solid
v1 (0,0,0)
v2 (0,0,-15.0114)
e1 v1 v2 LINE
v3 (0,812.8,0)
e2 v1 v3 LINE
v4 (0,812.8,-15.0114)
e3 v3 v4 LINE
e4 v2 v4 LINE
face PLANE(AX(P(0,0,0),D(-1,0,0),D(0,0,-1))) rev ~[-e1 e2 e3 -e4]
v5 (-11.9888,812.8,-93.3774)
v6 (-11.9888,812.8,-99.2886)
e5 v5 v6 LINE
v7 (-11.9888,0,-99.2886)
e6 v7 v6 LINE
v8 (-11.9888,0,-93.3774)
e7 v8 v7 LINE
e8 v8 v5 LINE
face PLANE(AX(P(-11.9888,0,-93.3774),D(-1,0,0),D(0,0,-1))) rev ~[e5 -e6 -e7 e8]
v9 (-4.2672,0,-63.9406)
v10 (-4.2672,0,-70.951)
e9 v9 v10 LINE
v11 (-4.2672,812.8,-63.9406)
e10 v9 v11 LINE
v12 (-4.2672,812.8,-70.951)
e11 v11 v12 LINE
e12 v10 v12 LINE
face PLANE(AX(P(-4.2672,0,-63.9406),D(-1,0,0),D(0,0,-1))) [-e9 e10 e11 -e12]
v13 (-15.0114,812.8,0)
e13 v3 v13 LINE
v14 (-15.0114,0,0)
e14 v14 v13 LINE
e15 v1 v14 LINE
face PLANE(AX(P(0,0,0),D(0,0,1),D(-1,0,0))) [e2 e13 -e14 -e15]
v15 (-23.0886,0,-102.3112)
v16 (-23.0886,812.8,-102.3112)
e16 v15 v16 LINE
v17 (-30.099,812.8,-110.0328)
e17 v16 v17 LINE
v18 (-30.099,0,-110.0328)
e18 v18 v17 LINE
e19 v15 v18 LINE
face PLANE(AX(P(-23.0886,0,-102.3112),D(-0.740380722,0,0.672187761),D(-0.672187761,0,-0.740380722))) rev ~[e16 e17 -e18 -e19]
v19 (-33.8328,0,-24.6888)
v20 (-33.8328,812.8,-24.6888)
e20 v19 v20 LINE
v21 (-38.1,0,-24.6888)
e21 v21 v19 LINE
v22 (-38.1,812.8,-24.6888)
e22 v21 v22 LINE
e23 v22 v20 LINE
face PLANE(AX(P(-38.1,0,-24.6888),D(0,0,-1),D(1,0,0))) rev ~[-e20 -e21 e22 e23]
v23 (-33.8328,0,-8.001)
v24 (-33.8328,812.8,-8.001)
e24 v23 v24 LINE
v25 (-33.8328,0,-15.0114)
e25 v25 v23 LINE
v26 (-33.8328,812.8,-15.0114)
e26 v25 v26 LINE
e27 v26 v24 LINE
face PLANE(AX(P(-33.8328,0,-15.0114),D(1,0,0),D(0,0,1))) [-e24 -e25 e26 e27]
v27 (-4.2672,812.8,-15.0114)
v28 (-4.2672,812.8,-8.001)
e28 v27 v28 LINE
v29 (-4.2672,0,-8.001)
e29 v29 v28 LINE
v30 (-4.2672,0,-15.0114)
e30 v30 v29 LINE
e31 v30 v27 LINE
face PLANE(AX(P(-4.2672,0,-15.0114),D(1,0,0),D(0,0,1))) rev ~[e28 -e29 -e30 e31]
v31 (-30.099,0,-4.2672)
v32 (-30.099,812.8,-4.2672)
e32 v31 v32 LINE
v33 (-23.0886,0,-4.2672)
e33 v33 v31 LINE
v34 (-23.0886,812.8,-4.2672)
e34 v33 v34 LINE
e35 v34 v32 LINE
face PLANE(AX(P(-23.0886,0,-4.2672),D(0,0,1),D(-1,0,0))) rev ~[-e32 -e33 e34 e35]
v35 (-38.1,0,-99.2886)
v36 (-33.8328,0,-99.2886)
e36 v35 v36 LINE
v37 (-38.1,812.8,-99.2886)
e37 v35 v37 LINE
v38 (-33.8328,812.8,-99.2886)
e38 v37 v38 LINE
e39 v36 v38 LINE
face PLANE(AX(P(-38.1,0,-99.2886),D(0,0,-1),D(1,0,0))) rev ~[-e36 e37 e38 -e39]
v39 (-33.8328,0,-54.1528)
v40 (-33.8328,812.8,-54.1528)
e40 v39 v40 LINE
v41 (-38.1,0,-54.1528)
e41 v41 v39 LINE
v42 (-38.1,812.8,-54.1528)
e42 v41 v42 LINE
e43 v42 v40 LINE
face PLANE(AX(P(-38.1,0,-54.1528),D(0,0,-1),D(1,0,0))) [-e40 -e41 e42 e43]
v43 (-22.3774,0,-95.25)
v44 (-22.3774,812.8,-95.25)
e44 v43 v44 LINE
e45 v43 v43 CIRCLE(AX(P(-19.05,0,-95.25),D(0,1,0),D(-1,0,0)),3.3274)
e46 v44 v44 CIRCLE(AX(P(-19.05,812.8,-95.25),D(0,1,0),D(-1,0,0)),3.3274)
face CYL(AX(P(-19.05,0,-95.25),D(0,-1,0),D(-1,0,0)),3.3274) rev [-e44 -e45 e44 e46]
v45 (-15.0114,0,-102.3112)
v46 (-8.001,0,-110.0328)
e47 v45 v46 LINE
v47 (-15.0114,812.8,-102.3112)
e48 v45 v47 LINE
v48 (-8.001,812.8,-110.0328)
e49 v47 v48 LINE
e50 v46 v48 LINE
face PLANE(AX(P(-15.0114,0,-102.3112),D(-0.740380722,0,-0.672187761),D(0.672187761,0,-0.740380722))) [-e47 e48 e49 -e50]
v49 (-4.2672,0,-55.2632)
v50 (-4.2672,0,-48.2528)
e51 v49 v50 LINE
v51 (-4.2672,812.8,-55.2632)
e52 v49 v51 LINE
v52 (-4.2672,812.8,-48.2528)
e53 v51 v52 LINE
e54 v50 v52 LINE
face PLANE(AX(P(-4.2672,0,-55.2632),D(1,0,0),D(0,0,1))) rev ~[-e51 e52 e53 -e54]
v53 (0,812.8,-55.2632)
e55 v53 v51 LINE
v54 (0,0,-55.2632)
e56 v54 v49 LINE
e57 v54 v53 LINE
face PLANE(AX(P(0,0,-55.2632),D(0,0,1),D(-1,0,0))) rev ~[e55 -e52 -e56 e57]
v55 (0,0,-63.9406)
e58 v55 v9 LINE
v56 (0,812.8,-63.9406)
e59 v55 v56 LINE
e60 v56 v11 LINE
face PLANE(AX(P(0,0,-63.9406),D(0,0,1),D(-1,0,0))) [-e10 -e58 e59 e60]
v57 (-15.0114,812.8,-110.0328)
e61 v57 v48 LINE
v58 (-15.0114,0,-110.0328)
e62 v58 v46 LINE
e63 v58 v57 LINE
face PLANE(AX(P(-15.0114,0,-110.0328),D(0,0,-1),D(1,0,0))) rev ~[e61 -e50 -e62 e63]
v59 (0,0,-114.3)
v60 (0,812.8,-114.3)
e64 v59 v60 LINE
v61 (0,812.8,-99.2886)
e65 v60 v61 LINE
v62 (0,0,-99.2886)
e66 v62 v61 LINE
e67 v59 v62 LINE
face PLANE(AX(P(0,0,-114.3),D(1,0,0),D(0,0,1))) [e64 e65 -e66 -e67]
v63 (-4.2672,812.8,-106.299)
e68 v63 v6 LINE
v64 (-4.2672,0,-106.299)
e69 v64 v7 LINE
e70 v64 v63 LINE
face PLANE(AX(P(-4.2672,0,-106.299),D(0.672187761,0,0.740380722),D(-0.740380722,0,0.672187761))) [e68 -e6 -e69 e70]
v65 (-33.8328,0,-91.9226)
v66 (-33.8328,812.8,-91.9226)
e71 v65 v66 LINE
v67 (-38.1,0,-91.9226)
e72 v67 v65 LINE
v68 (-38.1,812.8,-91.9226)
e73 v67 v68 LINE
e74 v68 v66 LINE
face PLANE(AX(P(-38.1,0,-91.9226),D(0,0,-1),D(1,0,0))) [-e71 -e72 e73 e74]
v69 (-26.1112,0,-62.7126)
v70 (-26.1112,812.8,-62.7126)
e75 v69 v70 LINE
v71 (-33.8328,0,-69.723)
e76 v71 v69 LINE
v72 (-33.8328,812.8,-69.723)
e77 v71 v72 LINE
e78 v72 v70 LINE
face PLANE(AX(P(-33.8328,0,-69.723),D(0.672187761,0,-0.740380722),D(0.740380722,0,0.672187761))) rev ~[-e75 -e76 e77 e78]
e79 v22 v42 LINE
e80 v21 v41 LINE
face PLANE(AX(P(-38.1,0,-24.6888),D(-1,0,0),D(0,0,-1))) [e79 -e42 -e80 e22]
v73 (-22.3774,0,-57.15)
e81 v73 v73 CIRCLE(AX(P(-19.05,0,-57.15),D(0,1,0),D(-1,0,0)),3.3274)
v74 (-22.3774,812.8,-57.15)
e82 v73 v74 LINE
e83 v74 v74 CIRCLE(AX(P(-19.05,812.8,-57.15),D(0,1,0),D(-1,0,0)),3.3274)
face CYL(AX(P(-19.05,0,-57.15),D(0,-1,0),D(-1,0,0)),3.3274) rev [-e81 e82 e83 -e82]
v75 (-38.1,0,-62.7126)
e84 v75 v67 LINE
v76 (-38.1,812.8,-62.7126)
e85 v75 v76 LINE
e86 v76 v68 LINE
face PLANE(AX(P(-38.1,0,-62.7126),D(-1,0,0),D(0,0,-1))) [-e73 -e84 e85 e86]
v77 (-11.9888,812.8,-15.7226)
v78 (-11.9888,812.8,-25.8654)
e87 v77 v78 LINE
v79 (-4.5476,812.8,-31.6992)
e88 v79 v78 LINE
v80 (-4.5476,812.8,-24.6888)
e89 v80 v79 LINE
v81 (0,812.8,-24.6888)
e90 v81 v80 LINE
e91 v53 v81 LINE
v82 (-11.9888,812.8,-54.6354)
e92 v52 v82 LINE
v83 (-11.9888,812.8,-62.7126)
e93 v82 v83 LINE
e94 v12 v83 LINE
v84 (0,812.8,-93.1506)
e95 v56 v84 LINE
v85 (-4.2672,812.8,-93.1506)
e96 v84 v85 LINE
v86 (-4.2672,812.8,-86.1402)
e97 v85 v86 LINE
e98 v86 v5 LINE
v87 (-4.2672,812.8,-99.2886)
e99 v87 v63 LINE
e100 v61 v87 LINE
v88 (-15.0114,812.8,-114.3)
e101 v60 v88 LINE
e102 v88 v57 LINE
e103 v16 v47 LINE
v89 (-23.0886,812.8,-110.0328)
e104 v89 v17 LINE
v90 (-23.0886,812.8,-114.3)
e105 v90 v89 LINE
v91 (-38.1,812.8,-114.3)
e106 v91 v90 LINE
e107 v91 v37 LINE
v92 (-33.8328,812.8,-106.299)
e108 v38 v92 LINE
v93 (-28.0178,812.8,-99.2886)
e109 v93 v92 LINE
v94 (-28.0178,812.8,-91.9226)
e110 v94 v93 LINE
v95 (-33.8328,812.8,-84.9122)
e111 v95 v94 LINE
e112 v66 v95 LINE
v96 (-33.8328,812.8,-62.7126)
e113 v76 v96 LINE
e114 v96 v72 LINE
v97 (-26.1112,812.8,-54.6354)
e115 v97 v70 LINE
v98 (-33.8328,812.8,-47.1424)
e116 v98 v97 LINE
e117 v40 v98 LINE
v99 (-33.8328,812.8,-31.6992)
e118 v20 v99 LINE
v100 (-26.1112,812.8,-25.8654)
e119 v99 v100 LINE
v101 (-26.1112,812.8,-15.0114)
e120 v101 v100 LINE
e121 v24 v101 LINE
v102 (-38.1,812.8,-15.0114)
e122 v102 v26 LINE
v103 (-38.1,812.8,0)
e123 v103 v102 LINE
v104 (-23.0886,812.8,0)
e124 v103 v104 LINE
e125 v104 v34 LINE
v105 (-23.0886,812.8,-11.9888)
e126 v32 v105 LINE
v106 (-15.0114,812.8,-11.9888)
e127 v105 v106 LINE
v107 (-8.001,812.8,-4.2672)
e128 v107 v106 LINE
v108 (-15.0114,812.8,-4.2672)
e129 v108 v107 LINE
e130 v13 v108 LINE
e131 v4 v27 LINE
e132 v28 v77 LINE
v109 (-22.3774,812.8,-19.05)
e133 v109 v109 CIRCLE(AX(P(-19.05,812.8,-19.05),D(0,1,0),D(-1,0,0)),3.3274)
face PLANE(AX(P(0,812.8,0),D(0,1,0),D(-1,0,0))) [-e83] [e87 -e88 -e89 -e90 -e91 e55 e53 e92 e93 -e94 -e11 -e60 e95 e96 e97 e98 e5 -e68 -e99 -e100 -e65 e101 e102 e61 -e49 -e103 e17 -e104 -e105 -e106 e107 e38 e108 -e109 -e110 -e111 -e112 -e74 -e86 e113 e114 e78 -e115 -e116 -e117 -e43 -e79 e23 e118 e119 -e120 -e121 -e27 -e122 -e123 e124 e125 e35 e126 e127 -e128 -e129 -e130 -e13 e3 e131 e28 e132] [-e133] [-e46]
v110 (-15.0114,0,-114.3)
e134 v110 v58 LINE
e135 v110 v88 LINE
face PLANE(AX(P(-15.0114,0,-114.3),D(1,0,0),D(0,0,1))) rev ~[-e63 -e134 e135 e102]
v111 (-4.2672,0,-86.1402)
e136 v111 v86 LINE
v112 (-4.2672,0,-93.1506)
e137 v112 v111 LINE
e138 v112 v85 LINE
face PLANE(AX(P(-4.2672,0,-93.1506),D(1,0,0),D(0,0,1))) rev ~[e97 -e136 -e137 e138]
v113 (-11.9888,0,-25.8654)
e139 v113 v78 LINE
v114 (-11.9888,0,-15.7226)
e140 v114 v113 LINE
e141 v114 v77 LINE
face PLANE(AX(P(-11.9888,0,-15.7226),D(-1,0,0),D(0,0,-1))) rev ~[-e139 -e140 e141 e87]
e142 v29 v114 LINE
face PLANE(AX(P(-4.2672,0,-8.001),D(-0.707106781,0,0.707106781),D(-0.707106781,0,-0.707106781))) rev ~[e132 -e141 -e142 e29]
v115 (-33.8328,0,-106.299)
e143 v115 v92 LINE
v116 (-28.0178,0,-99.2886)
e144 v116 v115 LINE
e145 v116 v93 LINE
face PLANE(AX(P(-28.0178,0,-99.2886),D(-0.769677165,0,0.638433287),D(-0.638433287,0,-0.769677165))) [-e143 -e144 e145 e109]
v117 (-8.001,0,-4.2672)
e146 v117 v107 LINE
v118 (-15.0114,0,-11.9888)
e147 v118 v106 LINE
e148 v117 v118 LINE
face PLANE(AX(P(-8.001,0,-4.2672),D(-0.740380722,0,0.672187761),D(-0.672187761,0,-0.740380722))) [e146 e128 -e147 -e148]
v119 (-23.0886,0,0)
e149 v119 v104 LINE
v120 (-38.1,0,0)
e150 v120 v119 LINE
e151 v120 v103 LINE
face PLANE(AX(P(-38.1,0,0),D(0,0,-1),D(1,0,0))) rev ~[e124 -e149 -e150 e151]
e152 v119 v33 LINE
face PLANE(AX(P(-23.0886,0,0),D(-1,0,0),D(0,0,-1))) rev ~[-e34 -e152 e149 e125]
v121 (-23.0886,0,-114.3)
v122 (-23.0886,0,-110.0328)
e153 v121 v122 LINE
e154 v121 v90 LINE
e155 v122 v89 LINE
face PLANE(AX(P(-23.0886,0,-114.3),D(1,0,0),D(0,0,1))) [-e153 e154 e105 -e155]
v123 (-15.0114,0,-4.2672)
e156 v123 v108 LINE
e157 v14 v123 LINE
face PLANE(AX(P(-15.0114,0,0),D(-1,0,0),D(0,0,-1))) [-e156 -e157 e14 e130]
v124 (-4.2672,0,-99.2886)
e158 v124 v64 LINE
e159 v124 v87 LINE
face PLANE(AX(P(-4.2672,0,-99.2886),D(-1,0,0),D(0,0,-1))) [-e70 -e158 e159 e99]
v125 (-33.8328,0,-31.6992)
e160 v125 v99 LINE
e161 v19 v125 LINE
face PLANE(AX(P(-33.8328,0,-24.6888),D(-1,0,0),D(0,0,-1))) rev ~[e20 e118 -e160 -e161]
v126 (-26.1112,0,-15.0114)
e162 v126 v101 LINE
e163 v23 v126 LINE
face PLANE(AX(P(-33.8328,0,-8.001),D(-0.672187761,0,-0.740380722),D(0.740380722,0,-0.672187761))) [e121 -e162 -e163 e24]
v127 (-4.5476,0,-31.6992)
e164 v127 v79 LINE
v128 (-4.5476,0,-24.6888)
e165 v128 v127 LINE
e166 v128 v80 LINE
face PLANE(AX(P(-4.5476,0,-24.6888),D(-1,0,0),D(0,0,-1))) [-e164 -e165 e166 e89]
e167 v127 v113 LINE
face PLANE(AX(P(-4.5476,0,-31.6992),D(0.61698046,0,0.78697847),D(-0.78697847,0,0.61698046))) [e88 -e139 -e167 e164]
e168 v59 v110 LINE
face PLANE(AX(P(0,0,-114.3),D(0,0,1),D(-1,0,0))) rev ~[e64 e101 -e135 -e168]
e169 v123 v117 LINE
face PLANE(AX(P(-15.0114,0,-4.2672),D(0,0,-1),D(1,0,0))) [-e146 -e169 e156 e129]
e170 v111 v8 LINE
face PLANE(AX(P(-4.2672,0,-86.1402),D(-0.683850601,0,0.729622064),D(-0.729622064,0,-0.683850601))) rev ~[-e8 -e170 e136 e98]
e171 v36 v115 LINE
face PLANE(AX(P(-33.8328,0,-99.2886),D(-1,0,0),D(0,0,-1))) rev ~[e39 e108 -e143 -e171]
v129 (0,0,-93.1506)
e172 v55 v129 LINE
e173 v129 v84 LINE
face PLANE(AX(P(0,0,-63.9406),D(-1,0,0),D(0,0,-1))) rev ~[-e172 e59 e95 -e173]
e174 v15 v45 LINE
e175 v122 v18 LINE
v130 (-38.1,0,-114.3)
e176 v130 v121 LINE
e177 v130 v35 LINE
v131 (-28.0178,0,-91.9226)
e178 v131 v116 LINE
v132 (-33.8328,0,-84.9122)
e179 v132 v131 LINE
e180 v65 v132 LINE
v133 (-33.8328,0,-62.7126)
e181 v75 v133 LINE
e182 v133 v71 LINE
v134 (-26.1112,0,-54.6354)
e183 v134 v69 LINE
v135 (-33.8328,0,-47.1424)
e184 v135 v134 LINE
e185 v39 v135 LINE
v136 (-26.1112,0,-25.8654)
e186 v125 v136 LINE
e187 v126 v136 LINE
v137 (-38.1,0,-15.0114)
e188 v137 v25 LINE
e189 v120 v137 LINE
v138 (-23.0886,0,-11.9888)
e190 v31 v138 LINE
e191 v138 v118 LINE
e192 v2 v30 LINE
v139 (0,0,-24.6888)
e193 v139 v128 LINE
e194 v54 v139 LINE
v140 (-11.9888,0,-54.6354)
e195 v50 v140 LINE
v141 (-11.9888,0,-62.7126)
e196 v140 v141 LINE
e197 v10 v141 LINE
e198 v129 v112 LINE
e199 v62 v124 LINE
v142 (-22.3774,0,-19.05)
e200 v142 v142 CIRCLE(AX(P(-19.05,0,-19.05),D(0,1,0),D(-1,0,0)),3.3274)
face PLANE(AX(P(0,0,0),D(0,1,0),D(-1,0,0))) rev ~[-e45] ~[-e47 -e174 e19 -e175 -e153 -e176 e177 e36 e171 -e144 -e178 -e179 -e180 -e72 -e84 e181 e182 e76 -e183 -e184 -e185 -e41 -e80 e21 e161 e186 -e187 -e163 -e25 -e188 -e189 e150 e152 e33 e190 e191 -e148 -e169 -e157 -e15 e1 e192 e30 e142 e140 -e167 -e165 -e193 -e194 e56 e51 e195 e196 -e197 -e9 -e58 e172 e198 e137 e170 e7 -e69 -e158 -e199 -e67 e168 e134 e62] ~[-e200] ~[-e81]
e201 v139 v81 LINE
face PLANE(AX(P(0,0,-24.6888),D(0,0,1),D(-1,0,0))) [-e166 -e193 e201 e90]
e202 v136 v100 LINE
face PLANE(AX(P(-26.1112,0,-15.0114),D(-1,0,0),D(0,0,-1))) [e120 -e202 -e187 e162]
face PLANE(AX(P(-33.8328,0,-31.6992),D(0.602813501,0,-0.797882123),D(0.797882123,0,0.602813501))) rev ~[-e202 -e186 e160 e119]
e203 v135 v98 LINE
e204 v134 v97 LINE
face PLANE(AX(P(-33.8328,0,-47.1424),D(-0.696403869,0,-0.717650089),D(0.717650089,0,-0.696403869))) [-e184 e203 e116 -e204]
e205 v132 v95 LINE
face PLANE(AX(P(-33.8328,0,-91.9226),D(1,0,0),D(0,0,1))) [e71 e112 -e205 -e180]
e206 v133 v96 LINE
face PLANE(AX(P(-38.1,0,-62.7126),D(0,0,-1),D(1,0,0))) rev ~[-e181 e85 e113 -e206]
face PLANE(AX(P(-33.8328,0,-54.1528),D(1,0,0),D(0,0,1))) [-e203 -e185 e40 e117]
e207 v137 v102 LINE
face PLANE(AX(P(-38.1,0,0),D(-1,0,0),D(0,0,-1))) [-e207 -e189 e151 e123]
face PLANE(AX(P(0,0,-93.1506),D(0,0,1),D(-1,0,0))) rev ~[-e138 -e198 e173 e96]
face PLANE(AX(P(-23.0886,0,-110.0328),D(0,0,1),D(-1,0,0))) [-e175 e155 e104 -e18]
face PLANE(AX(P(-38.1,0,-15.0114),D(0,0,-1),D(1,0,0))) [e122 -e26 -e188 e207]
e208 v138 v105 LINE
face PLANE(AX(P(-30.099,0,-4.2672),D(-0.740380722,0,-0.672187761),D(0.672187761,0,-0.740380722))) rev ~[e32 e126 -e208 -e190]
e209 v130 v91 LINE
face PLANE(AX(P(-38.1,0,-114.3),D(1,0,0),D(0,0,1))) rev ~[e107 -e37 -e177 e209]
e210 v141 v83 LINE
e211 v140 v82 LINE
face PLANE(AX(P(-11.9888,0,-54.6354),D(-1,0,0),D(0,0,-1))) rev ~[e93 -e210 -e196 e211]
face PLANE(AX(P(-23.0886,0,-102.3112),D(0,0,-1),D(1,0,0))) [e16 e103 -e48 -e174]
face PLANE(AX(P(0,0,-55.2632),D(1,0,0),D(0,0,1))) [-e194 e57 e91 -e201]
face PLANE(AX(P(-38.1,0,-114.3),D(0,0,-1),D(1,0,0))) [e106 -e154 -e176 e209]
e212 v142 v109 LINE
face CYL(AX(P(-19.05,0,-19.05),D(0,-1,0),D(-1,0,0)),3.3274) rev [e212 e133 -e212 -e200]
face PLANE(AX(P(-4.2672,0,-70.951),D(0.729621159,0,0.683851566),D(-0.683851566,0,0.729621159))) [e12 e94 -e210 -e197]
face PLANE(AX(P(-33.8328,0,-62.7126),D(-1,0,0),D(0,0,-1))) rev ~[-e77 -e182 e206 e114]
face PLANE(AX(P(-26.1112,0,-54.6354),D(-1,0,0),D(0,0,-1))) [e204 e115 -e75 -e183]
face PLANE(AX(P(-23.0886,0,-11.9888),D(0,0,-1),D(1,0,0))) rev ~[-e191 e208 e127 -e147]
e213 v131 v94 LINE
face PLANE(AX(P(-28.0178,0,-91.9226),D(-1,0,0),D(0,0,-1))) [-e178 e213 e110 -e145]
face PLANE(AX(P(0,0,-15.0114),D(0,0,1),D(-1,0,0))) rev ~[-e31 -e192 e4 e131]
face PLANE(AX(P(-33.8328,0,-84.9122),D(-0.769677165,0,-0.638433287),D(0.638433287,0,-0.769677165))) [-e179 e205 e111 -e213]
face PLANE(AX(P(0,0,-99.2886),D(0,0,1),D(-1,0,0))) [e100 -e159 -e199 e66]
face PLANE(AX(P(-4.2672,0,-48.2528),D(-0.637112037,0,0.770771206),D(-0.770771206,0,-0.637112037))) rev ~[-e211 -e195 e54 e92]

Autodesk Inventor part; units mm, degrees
ref_plane "YZ Plane" through (0, 0, 0) normal (1, 0, 0) x (0, 1, 0)
ref_plane "XZ Plane" through (0, 0, 0) normal (0, 1, 0) x (-1, 0, 0)
ref_plane "XY Plane" through (0, 0, 0) normal (0, 0, 1) x (1, 0, 0)
sketch "Sketch1" plane through (0, 0, 0) normal (0, 1, 0) x (-1, 0, 0)
  circle A0 centre (19.05, -19.05) radius 3.3274
  circle A1 centre (19.05, -57.15) radius 3.3274
  circle A2 centre (19.05, -95.25) radius 3.3274
  line L0 (0, 0) -> (15.0114, 0)
  line L1 (15.0114, 0) -> (15.0114, -4.2672)
  line L2 (15.0114, -4.2672) -> (8.001, -4.2672)
  line L3 (38.1, 0) -> (23.0886, 0)
  line L4 (23.0886, 0) -> (23.0886, -4.2672)
  line L5 (23.0886, -4.2672) -> (30.099, -4.2672)
  line L6 (8.001, -4.2672) -> (15.0114, -11.9888)
  line L7 (30.099, -4.2672) -> (23.0886, -11.9888)
  line L8 (23.0886, -11.9888) -> (15.0114, -11.9888)
  line L9 (38.1, 0) -> (38.1, -15.0114)
  line L10 (38.1, -15.0114) -> (33.8328, -15.0114)
  line L11 (33.8328, -15.0114) -> (33.8328, -8.001)
  line L12 (26.1112, -15.0114) -> (26.1112, -25.8654)
  line L13 (33.8328, -8.001) -> (26.1112, -15.0114)
  line L14 (38.1, -24.6888) -> (33.8328, -24.6888)
  line L15 (33.8328, -24.6888) -> (33.8328, -31.6992)
  line L16 (33.8328, -31.6992) -> (26.1112, -25.8654)
  line L17 (38.1, -114.3) -> (38.1, -99.2886)
  line L18 (38.1, -99.2886) -> (33.8328, -99.2886)
  line L19 (33.8328, -99.2886) -> (33.8328, -106.299)
  line L20 (38.1, -114.3) -> (23.0886, -114.3)
  line L21 (23.0886, -114.3) -> (23.0886, -110.0328)
  line L22 (23.0886, -110.0328) -> (30.099, -110.0328)
  line L23 (0, -114.3) -> (15.0114, -114.3)
  line L24 (15.0114, -114.3) -> (15.0114, -110.0328)
  line L25 (15.0114, -110.0328) -> (8.001, -110.0328)
  line L26 (23.0886, -102.3112) -> (15.0114, -102.3112)
  line L27 (23.0886, -102.3112) -> (30.099, -110.0328)
  line L28 (15.0114, -102.3112) -> (8.001, -110.0328)
  line L29 (38.1, -24.6888) -> (38.1, -54.1528)
  line L30 (38.1, -54.1528) -> (33.8328, -54.1528)
  line L31 (33.8328, -54.1528) -> (33.8328, -47.1424)
  line L32 (26.1112, -54.6354) -> (26.1112, -62.7126)
  line L33 (33.8328, -47.1424) -> (26.1112, -54.6354)
  line L34 (38.1, -62.7126) -> (33.8328, -62.7126)
  line L35 (33.8328, -62.7126) -> (33.8328, -69.723)
  line L36 (33.8328, -69.723) -> (26.1112, -62.7126)
  line L37 (38.1, -91.9226) -> (33.8328, -91.9226)
  line L38 (33.8328, -91.9226) -> (33.8328, -84.9122)
  line L39 (38.1, -62.7126) -> (38.1, -91.9226)
  line L40 (28.0178, -91.9226) -> (28.0178, -99.2886)
  line L41 (28.0178, -99.2886) -> (33.8328, -106.299)
  line L42 (33.8328, -84.9122) -> (28.0178, -91.9226)
  line L43 (11.9888, -54.6354) -> (11.9888, -62.7126)
  line L44 (11.9888, -93.3774) -> (11.9888, -99.2886)
  line L45 (0, 0) -> (0, -15.0114)
  line L46 (0, -15.0114) -> (4.2672, -15.0114)
  line L47 (4.2672, -15.0114) -> (4.2672, -8.001)
  line L48 (11.9888, -15.7226) -> (11.9888, -25.8654)
  line L49 (4.2672, -8.001) -> (11.9888, -15.7226)
  line L50 (0, -114.3) -> (0, -99.2886)
  line L51 (0, -99.2886) -> (4.2672, -99.2886)
  line L52 (4.2672, -99.2886) -> (4.2672, -106.299)
  line L53 (4.2672, -106.299) -> (11.9888, -99.2886)
  line L54 (0, -63.9406) -> (0, -93.1506)
  line L55 (0, -93.1506) -> (4.2672, -93.1506)
  line L56 (4.2672, -93.1506) -> (4.2672, -86.1402)
  line L57 (4.2672, -86.1402) -> (11.9888, -93.3774)
  line L58 (0, -63.9406) -> (4.2672, -63.9406)
  line L59 (4.2672, -63.9406) -> (4.2672, -70.951)
  line L60 (4.2672, -70.951) -> (11.9888, -62.7126)
  line L61 (0, -55.2632) -> (0, -24.6888)
  line L62 (0, -24.6888) -> (4.5476, -24.6888)
  line L63 (4.5476, -24.6888) -> (4.5476, -31.6992)
  line L64 (4.5476, -31.6992) -> (11.9888, -25.8654)
  line L65 (0, -55.2632) -> (4.2672, -55.2632)
  line L66 (4.2672, -55.2632) -> (4.2672, -48.2528)
  line L67 (4.2672, -48.2528) -> (11.9888, -54.6354)
  dimension "d0" = 38.1
  dimension "d1" = 114.3
  dimension "d2" = 6.6548
  dimension "d3" = 6.6548
  dimension "d4" = 6.6548
  dimension "d11" = 15.0114
  dimension "d12" = 4.2672
  dimension "d14" = 15.0114
  dimension "d15" = 7.0104
  dimension "d19" = 15.0114
  dimension "d20" = 4.2672
  dimension "d21" = 7.0104
  dimension "d22" = 11.9888
  dimension "d23" = 4.2672
  dimension "d24" = 7.0104
  dimension "d25" = 9.6774
  dimension "d26" = 15.0114
  dimension "d27" = 7.0104
  dimension "d28" = 15.0114
  dimension "d29" = 4.2672
  dimension "d30" = 7.0104
  dimension "d31" = 15.0114
  dimension "d32" = 7.0104
  dimension "d33" = 11.9888
  dimension "d34" = 29.464
  dimension "d35" = 7.0104
  dimension "d36" = 8.0772
  dimension "d37" = 11.9888
  dimension "d38" = 7.0104
  dimension "d39" = 7.0104
  dimension "d40" = 15.0114
  dimension "d41" = 4.2672
  dimension "d42" = 7.0104
  dimension "d43" = 11.9888
  dimension "d44" = 11.9888
  dimension "d45" = 11.9888
  dimension "d46" = 15.0114
  dimension "d47" = 4.2672
  dimension "d48" = 7.0104
  dimension "d49" = 7.0104
  dimension "d50" = 4.2672
  dimension "d51" = 7.0104
  dimension "d52" = 29.21
  dimension "d53" = 29.21
  dimension "d54" = 7.0104
  dimension "d55" = 4.2672
  dimension "d56" = 7.0104
extrude "Extrusion1" add sketch "Sketch1" along normal blind 812.8
properties part number "1545rail_32inch"
